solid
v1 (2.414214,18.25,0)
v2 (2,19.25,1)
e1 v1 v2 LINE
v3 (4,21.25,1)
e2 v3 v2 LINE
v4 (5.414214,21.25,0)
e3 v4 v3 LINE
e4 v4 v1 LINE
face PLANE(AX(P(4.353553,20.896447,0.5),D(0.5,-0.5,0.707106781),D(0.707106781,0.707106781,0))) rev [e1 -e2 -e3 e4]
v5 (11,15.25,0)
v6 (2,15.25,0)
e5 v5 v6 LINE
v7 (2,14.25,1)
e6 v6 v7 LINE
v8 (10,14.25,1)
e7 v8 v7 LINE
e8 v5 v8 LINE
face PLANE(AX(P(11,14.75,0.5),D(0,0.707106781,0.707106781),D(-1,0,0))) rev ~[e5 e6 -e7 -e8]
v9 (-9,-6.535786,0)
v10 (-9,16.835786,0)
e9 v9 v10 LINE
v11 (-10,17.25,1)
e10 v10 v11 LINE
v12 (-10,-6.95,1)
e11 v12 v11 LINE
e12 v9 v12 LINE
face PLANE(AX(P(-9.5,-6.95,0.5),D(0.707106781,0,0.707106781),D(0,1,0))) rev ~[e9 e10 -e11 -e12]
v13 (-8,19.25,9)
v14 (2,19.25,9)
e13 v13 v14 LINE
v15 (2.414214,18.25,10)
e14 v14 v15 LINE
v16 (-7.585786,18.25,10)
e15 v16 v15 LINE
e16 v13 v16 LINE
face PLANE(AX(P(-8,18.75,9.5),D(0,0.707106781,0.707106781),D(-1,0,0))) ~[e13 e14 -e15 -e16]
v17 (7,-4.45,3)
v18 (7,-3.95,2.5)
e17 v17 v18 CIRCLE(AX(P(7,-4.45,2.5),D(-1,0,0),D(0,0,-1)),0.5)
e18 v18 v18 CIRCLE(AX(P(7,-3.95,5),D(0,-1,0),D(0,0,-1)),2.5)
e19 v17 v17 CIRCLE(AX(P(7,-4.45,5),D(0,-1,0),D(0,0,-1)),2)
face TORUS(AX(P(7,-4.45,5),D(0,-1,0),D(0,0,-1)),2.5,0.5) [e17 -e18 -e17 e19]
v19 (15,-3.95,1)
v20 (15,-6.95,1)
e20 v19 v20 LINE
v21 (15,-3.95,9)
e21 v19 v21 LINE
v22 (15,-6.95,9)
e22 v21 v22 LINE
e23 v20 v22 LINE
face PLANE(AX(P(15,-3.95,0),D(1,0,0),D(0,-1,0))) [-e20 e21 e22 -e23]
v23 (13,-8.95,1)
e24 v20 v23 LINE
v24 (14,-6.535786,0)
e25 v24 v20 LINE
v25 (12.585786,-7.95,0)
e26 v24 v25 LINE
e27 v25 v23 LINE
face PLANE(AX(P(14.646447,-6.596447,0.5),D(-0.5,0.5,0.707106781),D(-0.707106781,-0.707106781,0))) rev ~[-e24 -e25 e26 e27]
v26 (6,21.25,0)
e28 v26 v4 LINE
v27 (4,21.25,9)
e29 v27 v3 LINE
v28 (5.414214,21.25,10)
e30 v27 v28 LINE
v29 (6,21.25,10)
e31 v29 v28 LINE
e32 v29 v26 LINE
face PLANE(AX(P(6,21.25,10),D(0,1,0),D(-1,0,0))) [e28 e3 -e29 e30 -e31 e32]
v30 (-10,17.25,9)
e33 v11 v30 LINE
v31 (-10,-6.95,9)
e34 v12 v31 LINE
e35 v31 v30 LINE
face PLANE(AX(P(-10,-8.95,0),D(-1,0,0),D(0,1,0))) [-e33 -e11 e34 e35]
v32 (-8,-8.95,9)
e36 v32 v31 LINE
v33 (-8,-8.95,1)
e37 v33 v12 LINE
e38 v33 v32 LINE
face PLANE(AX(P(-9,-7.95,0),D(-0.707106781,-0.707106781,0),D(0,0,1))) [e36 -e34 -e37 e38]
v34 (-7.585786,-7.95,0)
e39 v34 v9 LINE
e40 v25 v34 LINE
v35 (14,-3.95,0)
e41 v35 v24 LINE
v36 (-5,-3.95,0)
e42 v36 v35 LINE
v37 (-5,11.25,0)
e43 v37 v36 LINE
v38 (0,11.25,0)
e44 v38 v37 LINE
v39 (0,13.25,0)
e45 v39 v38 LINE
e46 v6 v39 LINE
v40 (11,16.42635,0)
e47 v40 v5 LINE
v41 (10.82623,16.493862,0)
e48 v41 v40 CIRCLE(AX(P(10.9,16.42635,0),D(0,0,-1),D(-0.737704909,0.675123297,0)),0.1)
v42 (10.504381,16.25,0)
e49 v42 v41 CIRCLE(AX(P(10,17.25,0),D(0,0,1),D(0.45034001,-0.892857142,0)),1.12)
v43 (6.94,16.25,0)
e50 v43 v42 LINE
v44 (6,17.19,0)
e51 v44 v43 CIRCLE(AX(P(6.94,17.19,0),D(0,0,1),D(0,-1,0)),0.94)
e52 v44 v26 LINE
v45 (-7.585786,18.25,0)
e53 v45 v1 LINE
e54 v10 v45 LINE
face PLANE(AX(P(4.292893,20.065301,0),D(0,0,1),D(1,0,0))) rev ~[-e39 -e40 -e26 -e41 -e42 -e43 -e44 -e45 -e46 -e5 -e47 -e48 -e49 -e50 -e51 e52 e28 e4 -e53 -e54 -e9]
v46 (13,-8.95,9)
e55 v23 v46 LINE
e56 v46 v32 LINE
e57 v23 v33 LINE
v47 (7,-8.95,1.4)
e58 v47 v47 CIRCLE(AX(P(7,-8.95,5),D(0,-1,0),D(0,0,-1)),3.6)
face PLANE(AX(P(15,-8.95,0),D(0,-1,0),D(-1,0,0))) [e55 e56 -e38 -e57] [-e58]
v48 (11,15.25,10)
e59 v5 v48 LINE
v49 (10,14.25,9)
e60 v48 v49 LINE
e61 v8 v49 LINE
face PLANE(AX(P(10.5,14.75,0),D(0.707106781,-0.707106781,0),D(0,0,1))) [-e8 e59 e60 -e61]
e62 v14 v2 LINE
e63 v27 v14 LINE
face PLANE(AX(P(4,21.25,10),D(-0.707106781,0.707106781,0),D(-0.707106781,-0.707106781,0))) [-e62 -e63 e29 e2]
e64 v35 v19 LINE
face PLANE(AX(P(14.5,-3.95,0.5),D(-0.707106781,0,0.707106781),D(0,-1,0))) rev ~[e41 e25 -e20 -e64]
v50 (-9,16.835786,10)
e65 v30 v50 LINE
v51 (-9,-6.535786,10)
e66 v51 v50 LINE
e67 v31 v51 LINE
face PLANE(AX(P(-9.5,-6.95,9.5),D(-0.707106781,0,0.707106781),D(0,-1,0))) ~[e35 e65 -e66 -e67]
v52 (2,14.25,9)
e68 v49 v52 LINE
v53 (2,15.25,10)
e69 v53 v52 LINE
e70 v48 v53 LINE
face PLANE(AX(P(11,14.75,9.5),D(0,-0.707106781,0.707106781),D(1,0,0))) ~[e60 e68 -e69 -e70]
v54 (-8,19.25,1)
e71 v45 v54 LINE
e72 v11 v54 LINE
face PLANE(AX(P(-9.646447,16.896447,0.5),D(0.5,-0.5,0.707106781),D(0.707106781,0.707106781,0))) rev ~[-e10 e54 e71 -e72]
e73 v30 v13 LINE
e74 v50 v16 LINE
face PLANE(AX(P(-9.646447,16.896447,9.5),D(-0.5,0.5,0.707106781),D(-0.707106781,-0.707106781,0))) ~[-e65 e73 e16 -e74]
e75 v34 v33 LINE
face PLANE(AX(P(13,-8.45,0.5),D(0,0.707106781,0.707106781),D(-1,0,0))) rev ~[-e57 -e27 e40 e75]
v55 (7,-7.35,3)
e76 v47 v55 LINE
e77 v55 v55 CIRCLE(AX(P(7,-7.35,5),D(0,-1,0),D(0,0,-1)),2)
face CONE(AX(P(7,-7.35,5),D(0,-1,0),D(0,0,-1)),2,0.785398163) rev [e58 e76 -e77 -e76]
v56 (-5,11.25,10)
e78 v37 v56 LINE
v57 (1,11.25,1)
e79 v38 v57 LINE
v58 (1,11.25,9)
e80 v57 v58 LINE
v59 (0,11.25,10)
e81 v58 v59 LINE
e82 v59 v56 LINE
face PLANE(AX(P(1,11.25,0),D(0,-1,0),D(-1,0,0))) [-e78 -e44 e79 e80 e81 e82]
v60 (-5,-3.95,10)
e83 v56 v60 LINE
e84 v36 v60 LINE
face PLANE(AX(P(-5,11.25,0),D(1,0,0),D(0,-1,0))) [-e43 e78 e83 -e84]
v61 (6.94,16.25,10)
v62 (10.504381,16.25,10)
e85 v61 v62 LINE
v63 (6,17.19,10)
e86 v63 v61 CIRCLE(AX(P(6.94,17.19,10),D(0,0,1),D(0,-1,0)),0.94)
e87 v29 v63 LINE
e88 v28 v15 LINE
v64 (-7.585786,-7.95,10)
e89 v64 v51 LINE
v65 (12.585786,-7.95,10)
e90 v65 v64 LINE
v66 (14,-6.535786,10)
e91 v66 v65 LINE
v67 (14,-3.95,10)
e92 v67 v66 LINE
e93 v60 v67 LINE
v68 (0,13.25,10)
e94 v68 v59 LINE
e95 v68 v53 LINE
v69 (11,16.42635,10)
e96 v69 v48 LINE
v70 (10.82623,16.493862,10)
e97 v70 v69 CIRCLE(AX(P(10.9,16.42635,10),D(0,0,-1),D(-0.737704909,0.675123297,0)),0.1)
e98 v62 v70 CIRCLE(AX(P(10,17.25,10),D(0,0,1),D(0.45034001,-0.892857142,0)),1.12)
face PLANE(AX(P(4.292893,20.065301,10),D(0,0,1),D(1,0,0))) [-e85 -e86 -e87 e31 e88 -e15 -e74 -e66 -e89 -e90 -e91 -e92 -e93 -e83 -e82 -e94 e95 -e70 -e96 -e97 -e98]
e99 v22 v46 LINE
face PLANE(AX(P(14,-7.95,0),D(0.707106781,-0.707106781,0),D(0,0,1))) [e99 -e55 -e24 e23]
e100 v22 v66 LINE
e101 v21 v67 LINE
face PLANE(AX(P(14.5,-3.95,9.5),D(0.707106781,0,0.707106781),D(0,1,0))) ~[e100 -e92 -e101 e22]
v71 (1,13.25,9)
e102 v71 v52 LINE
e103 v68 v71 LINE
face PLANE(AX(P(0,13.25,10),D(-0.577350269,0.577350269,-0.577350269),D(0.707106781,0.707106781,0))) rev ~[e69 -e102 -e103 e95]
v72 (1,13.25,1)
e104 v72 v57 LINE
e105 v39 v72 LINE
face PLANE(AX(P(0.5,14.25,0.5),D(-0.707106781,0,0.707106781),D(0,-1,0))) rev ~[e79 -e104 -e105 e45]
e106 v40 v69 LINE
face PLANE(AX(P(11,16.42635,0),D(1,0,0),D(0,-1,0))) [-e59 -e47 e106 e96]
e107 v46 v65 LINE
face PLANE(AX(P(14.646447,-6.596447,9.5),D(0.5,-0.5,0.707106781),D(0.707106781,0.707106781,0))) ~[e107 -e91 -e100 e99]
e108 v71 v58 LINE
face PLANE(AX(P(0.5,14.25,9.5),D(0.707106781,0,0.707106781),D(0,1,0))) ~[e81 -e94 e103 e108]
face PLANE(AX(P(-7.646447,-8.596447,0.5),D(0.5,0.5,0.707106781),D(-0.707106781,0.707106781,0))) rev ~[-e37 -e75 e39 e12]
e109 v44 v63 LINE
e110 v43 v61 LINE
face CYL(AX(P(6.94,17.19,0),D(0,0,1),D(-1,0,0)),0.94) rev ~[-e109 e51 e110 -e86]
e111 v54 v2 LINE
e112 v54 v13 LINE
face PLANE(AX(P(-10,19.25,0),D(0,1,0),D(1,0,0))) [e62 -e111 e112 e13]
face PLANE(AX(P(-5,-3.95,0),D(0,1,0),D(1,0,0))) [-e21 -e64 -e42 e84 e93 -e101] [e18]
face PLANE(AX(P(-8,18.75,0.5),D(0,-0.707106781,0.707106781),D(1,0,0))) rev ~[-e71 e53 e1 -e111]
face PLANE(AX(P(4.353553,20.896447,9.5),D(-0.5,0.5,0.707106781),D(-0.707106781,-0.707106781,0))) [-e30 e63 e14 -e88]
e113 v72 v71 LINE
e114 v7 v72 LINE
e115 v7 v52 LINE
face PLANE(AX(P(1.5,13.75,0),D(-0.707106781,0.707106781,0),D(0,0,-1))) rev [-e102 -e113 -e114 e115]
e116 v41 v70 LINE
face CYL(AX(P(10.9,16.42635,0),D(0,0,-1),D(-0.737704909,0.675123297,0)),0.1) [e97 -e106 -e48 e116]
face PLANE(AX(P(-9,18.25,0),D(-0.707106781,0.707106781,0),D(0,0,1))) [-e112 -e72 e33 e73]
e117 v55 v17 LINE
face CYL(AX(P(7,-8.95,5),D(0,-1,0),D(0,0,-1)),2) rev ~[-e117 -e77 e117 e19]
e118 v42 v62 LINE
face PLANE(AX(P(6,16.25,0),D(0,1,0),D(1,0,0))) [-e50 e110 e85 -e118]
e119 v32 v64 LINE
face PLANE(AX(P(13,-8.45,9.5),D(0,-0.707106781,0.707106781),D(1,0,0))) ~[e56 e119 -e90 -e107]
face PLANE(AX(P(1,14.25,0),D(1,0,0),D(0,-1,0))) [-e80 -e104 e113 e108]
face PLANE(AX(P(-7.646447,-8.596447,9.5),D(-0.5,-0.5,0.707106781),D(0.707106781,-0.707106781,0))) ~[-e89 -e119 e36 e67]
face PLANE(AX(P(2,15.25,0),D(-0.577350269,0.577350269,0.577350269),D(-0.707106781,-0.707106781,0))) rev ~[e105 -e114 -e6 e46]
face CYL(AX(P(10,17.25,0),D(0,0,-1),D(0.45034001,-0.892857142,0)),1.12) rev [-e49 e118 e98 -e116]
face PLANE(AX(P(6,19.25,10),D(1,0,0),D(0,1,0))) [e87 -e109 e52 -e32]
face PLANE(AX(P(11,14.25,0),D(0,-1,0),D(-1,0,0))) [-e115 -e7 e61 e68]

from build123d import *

# Parameters (mm, degrees)
RESSALTO_EXTRUS_O1_DEPTH = 10
ESBO_O3_R                = 2
CORTE_EXTRUS_O1_DEPTH    = 15
CHANFRO1_SIZE            = 1.6
FILETE1_R                = 0.5
FILETE2_R                = 0.94
RESSALTO_EXTRUS_O3_DEPTH = 10
CHANFRO5_SIZE            = 2
CHANFRO4_SIZE            = 1


with BuildPart() as part:
    # Esboço1 → Ressalto-extrusão1 (new body)
    with BuildSketch(Plane.XY):
        with BuildLine():
            Line((11, 14.25), (1, 14.25))
            Line((1, 14.25), (1, 11.25))
            Line((1, 11.25), (-5, 11.25))
            Line((-5, 11.25), (-5, -3.95))
            Line((-5, -3.95), (15, -3.95))
            Line((15, -3.95), (15, -8.95))
            Line((15, -8.95), (-10, -8.95))
            Line((-10, -8.95), (-10, 19.25))
            Line((-10, 19.25), (6, 19.25))
            Line((6, 19.25), (6, 16.25))
            Line((6, 16.25), (10.504380809, 16.25))
            ThreePointArc((10.504380809, 16.25), (10.676386068, 16.357306387), (10.826229508, 16.493861918))
            ThreePointArc((10.826229508, 16.493861918), (10.936214298, 16.519561844), (11, 16.426349589))
            Line((11, 16.426349589), (11, 16.25))
            Line((11, 16.25), (11, 14.25))
        make_face()
    extrude(amount=RESSALTO_EXTRUS_O1_DEPTH)

    # Esboço3 → Corte-extrusão1 (cut)
    with BuildSketch(Plane.XZ.offset(8.95)):
        with Locations(Location((7, 5, 0), (0, 0, 270))):
            Circle(ESBO_O3_R)
    extrude(amount=-CORTE_EXTRUS_O1_DEPTH, mode=Mode.SUBTRACT)

    # Chanfro1
    chanfro1_edges = [part.edges().sort_by_distance(p)[0] for p in [
        (7, -8.95, 7),
    ]]
    chamfer(chanfro1_edges, length=CHANFRO1_SIZE)

    # Filete1
    filete1_edges = [part.edges().sort_by_distance(p)[0] for p in [
        (7, -3.95, 7),
    ]]
    fillet(filete1_edges, radius=FILETE1_R)

    # Filete2
    filete2_edges = [part.edges().sort_by_distance(p)[0] for p in [
        (6, 16.25, 5),
    ]]
    fillet(filete2_edges, radius=FILETE2_R)

    # Esboço5 → Ressalto-extrusão3 (add)
    with BuildSketch(Plane.XY.offset(10)):
        Polygon((6, 19.25), (6, 21.25), (4, 21.25), (2, 19.25), align=None)
    extrude(amount=-RESSALTO_EXTRUS_O3_DEPTH)

    # Chanfro5
    chanfro5_edges = [part.edges().sort_by_distance(p)[0] for p in [
        (15, -8.95, 5),
        (-10, -8.95, 5),
        (-10, 19.25, 5),
    ]]
    chamfer(chanfro5_edges, length=CHANFRO5_SIZE)

    # Chanfro4
    chanfro4_edges = [part.edges().sort_by_distance(p)[0] for p in [
        (6, 14.25, 0),
        (1, 12.75, 0),
        (11, 14.25, 5),
        (1, 14.25, 5),
        (1, 12.75, 10),
        (-3, 19.25, 0),
        (-3, 19.25, 10),
        (3, 20.25, 10),
        (3, 20.25, 0),
        (15, -5.45, 0),
        (15, -5.45, 10),
        (2.5, -8.95, 0),
        (-10, 5.15, 0),
        (-9, 18.25, 0),
        (-9, -7.95, 0),
        (14, -7.95, 0),
        (2.5, -8.95, 10),
        (-10, 5.15, 10),
        (-9, 18.25, 10),
        (-9, -7.95, 10),
        (14, -7.95, 10),
        (6, 14.25, 10),
    ]]
    chamfer(chanfro4_edges, length=CHANFRO4_SIZE)


solid = part.part
